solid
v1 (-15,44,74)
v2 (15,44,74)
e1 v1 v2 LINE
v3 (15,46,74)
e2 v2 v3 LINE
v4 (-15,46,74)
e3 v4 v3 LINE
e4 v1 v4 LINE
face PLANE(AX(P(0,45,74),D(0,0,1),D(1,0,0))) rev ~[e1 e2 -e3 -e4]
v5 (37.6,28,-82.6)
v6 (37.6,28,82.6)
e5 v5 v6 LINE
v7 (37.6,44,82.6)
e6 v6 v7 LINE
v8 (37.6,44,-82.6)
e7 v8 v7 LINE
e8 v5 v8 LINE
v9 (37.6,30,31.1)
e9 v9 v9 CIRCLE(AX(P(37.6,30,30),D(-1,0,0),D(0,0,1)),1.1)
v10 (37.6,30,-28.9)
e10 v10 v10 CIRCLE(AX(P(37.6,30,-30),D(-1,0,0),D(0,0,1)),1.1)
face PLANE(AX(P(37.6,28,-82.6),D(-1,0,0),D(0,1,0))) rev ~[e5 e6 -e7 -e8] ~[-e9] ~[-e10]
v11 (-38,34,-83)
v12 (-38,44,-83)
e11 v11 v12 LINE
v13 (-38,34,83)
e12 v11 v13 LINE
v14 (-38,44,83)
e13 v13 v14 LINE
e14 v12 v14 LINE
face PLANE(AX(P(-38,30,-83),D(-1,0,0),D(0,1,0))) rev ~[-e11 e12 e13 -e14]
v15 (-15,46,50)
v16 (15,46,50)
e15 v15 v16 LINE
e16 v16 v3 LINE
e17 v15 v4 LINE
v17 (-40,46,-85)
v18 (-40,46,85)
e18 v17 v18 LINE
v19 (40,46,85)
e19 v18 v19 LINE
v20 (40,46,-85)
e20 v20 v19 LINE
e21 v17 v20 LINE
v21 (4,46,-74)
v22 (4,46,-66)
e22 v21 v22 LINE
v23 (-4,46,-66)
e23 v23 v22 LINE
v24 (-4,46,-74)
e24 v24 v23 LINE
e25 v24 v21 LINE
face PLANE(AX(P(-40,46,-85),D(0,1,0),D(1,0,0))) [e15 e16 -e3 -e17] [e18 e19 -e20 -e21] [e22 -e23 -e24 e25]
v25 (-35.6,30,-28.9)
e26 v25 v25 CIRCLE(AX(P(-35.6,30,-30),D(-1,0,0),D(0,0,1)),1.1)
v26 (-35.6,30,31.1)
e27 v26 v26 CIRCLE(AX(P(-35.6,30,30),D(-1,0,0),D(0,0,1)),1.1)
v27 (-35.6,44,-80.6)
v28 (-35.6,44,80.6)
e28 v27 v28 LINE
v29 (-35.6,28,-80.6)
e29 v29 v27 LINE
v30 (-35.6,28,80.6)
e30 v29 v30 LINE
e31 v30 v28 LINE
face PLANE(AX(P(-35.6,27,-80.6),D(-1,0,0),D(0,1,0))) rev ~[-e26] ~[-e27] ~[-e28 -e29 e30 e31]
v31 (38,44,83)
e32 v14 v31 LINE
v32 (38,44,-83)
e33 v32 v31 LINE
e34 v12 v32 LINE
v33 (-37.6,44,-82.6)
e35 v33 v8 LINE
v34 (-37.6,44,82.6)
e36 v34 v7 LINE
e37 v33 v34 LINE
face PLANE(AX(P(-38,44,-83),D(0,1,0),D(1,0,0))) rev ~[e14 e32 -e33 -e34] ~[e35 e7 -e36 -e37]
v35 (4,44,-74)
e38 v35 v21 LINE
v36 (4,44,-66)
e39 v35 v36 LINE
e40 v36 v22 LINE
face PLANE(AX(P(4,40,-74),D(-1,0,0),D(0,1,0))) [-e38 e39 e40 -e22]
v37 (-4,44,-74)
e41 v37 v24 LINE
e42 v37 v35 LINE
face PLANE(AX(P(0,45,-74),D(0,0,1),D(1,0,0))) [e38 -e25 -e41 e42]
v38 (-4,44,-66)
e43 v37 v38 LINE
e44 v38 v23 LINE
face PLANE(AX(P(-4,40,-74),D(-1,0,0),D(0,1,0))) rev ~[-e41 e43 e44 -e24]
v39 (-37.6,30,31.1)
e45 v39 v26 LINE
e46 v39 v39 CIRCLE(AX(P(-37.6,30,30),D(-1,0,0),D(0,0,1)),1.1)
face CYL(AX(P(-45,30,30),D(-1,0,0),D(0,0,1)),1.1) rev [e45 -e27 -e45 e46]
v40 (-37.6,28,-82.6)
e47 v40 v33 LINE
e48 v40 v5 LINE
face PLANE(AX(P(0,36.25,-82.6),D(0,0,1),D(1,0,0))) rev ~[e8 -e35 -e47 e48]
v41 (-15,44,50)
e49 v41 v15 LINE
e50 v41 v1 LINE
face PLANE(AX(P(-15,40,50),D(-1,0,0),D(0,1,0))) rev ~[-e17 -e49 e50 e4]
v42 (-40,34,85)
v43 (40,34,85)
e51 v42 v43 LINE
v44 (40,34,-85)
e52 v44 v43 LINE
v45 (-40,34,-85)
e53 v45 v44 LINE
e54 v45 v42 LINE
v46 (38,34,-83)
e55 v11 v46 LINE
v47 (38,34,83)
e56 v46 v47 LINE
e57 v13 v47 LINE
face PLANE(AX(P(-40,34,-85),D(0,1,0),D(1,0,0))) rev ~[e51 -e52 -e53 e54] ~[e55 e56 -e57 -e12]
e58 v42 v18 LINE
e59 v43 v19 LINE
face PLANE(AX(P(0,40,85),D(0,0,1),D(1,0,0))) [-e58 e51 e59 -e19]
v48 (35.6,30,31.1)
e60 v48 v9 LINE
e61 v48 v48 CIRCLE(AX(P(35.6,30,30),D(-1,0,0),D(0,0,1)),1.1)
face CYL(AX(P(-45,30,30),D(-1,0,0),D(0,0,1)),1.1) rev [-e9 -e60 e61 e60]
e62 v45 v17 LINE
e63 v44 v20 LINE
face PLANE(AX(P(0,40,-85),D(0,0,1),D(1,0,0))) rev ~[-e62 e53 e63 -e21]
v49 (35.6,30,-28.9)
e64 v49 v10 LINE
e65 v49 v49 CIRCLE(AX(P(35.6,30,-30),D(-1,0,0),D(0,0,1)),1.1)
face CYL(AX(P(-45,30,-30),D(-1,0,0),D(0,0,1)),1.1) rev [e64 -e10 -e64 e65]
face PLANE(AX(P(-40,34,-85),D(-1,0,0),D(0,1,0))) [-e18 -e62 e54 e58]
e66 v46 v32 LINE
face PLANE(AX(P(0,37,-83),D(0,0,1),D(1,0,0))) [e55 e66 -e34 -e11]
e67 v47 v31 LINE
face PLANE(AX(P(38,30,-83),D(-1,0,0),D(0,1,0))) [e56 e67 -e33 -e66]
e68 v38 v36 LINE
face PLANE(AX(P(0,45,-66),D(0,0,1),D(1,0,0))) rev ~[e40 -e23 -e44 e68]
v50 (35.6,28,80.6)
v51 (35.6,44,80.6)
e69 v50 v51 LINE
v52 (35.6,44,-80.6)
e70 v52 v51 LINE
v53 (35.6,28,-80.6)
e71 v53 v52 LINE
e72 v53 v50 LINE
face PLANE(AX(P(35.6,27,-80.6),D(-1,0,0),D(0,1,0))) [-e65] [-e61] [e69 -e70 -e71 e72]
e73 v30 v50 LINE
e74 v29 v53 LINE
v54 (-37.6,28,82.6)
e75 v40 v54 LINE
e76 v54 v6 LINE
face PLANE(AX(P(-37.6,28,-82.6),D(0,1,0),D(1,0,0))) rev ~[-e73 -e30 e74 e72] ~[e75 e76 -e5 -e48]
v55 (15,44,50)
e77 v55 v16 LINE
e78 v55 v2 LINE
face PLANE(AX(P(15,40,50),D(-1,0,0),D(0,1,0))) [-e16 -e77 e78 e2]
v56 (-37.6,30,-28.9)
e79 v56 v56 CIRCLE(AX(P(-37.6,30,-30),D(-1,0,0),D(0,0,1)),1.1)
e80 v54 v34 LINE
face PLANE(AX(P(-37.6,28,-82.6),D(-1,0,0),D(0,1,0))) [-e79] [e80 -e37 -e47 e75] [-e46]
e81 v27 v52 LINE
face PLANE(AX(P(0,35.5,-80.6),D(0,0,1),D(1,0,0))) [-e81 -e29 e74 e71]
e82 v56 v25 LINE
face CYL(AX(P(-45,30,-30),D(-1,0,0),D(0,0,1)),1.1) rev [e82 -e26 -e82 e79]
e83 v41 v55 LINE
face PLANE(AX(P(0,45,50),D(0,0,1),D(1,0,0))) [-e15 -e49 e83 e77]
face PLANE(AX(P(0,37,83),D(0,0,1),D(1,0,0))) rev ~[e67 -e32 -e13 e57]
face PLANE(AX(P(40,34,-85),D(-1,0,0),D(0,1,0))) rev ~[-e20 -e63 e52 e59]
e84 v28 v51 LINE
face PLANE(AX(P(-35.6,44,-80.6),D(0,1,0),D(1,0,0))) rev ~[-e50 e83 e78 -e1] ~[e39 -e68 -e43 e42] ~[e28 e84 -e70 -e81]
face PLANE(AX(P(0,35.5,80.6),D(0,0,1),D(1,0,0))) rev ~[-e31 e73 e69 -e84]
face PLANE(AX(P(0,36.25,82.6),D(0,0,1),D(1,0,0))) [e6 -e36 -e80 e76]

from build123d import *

# Parameters (mm, degrees)
BOSS_EXTRUDE1_START = -85
SKETCH1_W           = 80
SKETCH1_H           = 12
BOSS_EXTRUDE1_DEPTH = 170
BOSS_EXTRUDE2_START = -83
SKETCH2_W           = 76
SKETCH2_H           = 14
BOSS_EXTRUDE2_DEPTH = 166
BOSS_EXTRUDE3_START = -82.6
SKETCH3_W           = 75.2
SKETCH3_H           = 16.5
BOSS_EXTRUDE3_DEPTH = 165.2
BOSS_EXTRUDE4_START = -80.6
SKETCH4_W           = 71.2
SKETCH4_H           = 17
BOSS_EXTRUDE4_DEPTH = 161.2
BOSS_EXTRUDE5_START = 50
SKETCH5_W           = 30
SKETCH5_H           = 10
BOSS_EXTRUDE5_DEPTH = 24
BOSS_EXTRUDE6_START = -74
SKETCH6_W           = 8
SKETCH6_H           = 10
BOSS_EXTRUDE6_DEPTH = 8
BOSS_EXTRUDE7_START = -45
SKETCH7_R           = 1.1
BOSS_EXTRUDE7_DEPTH = 90
BOSS_EXTRUDE8_START = -45
SKETCH8_R           = 1.1
BOSS_EXTRUDE8_DEPTH = 90


with BuildPart() as part:
    # Sketch1 → Boss-Extrude1 (new body)
    with BuildSketch(Plane.XY.offset(BOSS_EXTRUDE1_START)):
        with Locations((0, 40)):
            Rectangle(SKETCH1_W, SKETCH1_H)
    extrude(amount=BOSS_EXTRUDE1_DEPTH)


with BuildPart() as body_2:
    # Sketch2 → Boss-Extrude2 (new body)
    with BuildSketch(Plane.XY.offset(BOSS_EXTRUDE2_START)):
        with Locations((0, 37)):
            Rectangle(SKETCH2_W, SKETCH2_H)
    extrude(amount=BOSS_EXTRUDE2_DEPTH)


with BuildPart() as part_1:
    add(part.part)

    # Combine1: cut body 2
    add(body_2.part, mode=Mode.SUBTRACT)

    # Sketch3 → Boss-Extrude3 (add)
    with BuildSketch(Plane.XY.offset(BOSS_EXTRUDE3_START)):
        with Locations((0, 36.25)):
            Rectangle(SKETCH3_W, SKETCH3_H)
    extrude(amount=BOSS_EXTRUDE3_DEPTH)


with BuildPart() as body_2_2:
    # Sketch4 → Boss-Extrude4 (new body)
    with BuildSketch(Plane.XY.offset(BOSS_EXTRUDE4_START)):
        with Locations((0, 35.5)):
            Rectangle(SKETCH4_W, SKETCH4_H)
    extrude(amount=BOSS_EXTRUDE4_DEPTH)


with BuildPart() as part_2:
    add(part_1.part)

    # Combine2: cut body 2 2
    add(body_2_2.part, mode=Mode.SUBTRACT)


with BuildPart() as body_2_3:
    # Sketch5 → Boss-Extrude5 (new body)
    with BuildSketch(Plane.XY.offset(BOSS_EXTRUDE5_START)):
        with Locations((0, 45)):
            Rectangle(SKETCH5_W, SKETCH5_H)
    extrude(amount=BOSS_EXTRUDE5_DEPTH)


with BuildPart() as part_3:
    add(part_2.part)

    # Combine3: cut body 2 3
    add(body_2_3.part, mode=Mode.SUBTRACT)


with BuildPart() as body_2_4:
    # Sketch6 → Boss-Extrude6 (new body)
    with BuildSketch(Plane.XY.offset(BOSS_EXTRUDE6_START)):
        with Locations((0, 45)):
            Rectangle(SKETCH6_W, SKETCH6_H)
    extrude(amount=BOSS_EXTRUDE6_DEPTH)


with BuildPart() as part_4:
    add(part_3.part)

    # Combine4: cut body 2 4
    add(body_2_4.part, mode=Mode.SUBTRACT)


with BuildPart() as body_2_5:
    # Sketch7 → Boss-Extrude7 (new body)
    with BuildSketch(Plane(origin=(0, 0, 0), x_dir=(0, 0, -1), z_dir=(1, 0, 0)).offset(BOSS_EXTRUDE7_START)):
        with Locations((30, 30)):
            Circle(SKETCH7_R)
    extrude(amount=BOSS_EXTRUDE7_DEPTH)


with BuildPart() as part_5:
    add(part_4.part)

    # Combine5: cut body 2 5
    add(body_2_5.part, mode=Mode.SUBTRACT)


with BuildPart() as body_2_6:
    # Sketch8 → Boss-Extrude8 (new body)
    with BuildSketch(Plane(origin=(0, 0, 0), x_dir=(0, 0, -1), z_dir=(1, 0, 0)).offset(BOSS_EXTRUDE8_START)):
        with Locations((-30, 30)):
            Circle(SKETCH8_R)
    extrude(amount=BOSS_EXTRUDE8_DEPTH)


with BuildPart() as part_6:
    add(part_5.part)

    # Combine6: cut body 2 6
    add(body_2_6.part, mode=Mode.SUBTRACT)


solid = part_6.part
